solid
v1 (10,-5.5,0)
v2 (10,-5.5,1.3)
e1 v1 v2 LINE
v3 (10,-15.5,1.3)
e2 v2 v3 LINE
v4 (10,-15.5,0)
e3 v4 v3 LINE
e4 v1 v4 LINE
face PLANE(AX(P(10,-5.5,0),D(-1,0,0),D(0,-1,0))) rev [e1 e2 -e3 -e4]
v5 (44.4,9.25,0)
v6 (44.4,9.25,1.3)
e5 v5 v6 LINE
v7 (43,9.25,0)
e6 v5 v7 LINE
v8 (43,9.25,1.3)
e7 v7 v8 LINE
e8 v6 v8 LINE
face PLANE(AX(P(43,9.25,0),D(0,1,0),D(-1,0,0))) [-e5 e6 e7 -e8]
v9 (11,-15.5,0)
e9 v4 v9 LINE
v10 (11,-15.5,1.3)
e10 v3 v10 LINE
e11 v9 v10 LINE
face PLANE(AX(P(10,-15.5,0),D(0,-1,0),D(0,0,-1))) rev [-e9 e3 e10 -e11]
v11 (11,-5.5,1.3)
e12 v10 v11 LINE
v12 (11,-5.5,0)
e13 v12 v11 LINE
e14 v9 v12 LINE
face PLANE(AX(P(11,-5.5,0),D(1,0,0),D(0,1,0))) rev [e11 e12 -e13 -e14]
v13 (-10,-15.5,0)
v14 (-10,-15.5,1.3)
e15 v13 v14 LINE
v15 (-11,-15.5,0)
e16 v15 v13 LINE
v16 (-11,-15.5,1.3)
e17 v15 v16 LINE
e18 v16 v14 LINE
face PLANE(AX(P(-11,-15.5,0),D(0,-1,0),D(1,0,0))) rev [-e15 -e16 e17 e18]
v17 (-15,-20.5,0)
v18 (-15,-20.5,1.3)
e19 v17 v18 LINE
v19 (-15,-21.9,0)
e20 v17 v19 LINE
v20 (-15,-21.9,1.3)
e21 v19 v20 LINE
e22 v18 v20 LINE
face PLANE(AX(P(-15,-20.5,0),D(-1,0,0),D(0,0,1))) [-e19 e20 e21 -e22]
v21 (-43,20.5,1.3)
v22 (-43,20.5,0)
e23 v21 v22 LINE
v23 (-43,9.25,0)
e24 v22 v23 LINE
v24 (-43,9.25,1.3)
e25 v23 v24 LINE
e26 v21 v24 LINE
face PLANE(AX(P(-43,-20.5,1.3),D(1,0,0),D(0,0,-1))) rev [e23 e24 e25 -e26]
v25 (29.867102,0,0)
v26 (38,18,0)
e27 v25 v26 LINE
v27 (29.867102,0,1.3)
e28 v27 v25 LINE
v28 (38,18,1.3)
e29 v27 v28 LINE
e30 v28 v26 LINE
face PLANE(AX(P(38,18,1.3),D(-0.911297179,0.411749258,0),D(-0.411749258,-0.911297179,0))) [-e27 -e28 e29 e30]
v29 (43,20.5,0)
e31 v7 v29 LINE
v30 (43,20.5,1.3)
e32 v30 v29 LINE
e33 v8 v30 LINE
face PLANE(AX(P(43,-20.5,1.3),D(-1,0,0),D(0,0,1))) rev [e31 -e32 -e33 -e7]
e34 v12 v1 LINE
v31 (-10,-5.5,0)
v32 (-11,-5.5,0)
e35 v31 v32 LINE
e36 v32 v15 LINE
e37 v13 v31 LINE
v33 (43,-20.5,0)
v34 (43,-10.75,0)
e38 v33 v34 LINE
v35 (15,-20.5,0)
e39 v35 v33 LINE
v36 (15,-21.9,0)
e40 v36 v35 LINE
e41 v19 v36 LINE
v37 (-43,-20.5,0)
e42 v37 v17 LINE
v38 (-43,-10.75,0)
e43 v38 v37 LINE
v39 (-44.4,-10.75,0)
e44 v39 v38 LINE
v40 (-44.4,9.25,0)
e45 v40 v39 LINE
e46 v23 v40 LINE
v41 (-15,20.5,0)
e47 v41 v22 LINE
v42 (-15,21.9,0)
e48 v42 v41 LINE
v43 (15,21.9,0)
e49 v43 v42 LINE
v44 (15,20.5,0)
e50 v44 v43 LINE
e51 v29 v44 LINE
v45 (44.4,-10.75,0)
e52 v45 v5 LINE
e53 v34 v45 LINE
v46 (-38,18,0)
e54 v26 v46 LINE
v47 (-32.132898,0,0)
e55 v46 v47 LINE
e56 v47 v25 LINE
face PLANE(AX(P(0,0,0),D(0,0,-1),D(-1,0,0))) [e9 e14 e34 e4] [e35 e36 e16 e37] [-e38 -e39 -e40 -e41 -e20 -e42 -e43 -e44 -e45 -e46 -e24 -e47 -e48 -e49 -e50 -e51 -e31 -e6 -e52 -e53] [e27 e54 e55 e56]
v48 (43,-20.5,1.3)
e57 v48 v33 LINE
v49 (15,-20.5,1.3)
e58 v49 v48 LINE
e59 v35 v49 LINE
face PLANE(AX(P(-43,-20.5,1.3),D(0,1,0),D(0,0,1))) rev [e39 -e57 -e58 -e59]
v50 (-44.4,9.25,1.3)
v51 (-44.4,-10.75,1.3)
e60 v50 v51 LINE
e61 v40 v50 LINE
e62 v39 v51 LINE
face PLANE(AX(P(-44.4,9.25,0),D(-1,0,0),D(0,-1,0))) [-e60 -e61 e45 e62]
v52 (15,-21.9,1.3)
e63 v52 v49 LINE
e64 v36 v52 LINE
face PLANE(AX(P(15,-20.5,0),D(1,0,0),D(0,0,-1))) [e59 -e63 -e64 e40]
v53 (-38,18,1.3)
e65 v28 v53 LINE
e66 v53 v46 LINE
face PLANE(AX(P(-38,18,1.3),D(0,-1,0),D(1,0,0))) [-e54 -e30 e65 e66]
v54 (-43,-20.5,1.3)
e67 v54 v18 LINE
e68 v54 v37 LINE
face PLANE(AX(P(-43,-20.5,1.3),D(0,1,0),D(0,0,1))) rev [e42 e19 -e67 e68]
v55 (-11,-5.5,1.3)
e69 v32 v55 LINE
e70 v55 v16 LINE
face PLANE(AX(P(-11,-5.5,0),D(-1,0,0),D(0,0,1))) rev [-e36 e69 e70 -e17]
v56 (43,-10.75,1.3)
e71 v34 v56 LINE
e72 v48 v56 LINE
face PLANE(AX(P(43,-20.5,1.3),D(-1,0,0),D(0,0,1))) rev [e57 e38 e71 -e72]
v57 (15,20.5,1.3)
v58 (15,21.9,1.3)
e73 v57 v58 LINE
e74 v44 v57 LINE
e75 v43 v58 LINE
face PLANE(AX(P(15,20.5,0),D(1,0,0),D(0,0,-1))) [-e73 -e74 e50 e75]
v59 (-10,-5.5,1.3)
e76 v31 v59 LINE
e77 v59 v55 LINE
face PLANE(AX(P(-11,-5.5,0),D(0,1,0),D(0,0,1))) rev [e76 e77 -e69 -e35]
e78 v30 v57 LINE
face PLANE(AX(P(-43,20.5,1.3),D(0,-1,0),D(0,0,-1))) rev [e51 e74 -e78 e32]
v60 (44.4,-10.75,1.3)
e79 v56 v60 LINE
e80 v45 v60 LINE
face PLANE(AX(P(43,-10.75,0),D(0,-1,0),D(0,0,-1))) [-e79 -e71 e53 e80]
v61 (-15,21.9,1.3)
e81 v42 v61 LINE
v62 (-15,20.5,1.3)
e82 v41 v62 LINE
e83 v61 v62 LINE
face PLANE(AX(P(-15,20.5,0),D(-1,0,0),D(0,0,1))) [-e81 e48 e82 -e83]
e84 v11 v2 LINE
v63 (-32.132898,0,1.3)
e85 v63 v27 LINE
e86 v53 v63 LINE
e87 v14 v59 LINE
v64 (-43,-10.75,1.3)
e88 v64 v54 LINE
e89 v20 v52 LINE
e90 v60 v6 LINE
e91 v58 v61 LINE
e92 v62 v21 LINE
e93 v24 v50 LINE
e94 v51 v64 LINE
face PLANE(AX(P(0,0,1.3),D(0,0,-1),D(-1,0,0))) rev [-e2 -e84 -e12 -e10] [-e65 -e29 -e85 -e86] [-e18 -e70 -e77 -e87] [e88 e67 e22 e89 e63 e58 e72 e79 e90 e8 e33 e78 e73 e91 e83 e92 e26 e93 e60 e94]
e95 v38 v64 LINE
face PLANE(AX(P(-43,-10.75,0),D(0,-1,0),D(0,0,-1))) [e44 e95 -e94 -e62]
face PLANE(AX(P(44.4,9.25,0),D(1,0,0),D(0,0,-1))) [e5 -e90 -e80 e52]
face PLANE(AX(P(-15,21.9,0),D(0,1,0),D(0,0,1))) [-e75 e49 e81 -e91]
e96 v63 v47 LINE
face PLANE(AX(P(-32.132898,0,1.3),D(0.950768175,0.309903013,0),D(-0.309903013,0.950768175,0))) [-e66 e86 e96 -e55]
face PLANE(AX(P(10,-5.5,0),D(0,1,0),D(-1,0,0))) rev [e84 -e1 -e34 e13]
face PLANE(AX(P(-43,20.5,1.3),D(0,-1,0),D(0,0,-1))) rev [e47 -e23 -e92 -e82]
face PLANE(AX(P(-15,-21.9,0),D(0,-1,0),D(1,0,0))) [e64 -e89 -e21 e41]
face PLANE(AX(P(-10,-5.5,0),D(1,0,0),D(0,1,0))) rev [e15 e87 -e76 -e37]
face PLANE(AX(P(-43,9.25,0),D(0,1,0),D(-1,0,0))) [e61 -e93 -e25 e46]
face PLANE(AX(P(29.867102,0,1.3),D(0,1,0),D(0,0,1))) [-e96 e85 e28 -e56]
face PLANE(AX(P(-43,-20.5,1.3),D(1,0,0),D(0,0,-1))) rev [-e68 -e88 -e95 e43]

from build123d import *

# Parameters (mm, degrees)
SKETCH1_W           = 86
SKETCH1_H           = 41
BOSS_EXTRUDE1_DEPTH = 1.3
SKETCH2_W           = 1.4
SKETCH2_H           = 20
SKETCH2_W_2         = 30
SKETCH2_H_2         = 1.4
BOSS_EXTRUDE2_DEPTH = 1.3
SKETCH3_W           = 1
SKETCH3_H           = 10
CUT_EXTRUDE1_DEPTH  = 50.524337451


with BuildPart() as part:
    # Sketch1 → Boss-Extrude1 (new body)
    with BuildSketch(Plane.XY):
        Rectangle(SKETCH1_W, SKETCH1_H)
        Polygon((-38, 18), (38, 18), (29.867102397, 0), (-32.132897603, 0), align=None, mode=Mode.SUBTRACT)
    extrude(amount=BOSS_EXTRUDE1_DEPTH)

    # Sketch2 → Boss-Extrude2 (add)
    with BuildSketch(Plane.XY.offset(1.3)):
        with Locations((-43.7, -0.75)):
            Rectangle(SKETCH2_W, SKETCH2_H)
        with Locations((43.7, -0.75)):
            Rectangle(SKETCH2_W, SKETCH2_H)
        with Locations((0, 21.2)):
            Rectangle(SKETCH2_W_2, SKETCH2_H_2)
        with Locations((0, -21.2)):
            Rectangle(SKETCH2_W_2, SKETCH2_H_2)
    extrude(amount=-BOSS_EXTRUDE2_DEPTH)

    # Sketch3 → Cut-Extrude1 (cut, through all)
    with BuildSketch(Plane.XY.offset(1.3)):
        with Locations((-10.5, -10.5)):
            Rectangle(SKETCH3_W, SKETCH3_H)
        with Locations((10.5, -10.5)):
            Rectangle(SKETCH3_W, SKETCH3_H)
    extrude(amount=-CUT_EXTRUDE1_DEPTH, mode=Mode.SUBTRACT)


solid = part.part
